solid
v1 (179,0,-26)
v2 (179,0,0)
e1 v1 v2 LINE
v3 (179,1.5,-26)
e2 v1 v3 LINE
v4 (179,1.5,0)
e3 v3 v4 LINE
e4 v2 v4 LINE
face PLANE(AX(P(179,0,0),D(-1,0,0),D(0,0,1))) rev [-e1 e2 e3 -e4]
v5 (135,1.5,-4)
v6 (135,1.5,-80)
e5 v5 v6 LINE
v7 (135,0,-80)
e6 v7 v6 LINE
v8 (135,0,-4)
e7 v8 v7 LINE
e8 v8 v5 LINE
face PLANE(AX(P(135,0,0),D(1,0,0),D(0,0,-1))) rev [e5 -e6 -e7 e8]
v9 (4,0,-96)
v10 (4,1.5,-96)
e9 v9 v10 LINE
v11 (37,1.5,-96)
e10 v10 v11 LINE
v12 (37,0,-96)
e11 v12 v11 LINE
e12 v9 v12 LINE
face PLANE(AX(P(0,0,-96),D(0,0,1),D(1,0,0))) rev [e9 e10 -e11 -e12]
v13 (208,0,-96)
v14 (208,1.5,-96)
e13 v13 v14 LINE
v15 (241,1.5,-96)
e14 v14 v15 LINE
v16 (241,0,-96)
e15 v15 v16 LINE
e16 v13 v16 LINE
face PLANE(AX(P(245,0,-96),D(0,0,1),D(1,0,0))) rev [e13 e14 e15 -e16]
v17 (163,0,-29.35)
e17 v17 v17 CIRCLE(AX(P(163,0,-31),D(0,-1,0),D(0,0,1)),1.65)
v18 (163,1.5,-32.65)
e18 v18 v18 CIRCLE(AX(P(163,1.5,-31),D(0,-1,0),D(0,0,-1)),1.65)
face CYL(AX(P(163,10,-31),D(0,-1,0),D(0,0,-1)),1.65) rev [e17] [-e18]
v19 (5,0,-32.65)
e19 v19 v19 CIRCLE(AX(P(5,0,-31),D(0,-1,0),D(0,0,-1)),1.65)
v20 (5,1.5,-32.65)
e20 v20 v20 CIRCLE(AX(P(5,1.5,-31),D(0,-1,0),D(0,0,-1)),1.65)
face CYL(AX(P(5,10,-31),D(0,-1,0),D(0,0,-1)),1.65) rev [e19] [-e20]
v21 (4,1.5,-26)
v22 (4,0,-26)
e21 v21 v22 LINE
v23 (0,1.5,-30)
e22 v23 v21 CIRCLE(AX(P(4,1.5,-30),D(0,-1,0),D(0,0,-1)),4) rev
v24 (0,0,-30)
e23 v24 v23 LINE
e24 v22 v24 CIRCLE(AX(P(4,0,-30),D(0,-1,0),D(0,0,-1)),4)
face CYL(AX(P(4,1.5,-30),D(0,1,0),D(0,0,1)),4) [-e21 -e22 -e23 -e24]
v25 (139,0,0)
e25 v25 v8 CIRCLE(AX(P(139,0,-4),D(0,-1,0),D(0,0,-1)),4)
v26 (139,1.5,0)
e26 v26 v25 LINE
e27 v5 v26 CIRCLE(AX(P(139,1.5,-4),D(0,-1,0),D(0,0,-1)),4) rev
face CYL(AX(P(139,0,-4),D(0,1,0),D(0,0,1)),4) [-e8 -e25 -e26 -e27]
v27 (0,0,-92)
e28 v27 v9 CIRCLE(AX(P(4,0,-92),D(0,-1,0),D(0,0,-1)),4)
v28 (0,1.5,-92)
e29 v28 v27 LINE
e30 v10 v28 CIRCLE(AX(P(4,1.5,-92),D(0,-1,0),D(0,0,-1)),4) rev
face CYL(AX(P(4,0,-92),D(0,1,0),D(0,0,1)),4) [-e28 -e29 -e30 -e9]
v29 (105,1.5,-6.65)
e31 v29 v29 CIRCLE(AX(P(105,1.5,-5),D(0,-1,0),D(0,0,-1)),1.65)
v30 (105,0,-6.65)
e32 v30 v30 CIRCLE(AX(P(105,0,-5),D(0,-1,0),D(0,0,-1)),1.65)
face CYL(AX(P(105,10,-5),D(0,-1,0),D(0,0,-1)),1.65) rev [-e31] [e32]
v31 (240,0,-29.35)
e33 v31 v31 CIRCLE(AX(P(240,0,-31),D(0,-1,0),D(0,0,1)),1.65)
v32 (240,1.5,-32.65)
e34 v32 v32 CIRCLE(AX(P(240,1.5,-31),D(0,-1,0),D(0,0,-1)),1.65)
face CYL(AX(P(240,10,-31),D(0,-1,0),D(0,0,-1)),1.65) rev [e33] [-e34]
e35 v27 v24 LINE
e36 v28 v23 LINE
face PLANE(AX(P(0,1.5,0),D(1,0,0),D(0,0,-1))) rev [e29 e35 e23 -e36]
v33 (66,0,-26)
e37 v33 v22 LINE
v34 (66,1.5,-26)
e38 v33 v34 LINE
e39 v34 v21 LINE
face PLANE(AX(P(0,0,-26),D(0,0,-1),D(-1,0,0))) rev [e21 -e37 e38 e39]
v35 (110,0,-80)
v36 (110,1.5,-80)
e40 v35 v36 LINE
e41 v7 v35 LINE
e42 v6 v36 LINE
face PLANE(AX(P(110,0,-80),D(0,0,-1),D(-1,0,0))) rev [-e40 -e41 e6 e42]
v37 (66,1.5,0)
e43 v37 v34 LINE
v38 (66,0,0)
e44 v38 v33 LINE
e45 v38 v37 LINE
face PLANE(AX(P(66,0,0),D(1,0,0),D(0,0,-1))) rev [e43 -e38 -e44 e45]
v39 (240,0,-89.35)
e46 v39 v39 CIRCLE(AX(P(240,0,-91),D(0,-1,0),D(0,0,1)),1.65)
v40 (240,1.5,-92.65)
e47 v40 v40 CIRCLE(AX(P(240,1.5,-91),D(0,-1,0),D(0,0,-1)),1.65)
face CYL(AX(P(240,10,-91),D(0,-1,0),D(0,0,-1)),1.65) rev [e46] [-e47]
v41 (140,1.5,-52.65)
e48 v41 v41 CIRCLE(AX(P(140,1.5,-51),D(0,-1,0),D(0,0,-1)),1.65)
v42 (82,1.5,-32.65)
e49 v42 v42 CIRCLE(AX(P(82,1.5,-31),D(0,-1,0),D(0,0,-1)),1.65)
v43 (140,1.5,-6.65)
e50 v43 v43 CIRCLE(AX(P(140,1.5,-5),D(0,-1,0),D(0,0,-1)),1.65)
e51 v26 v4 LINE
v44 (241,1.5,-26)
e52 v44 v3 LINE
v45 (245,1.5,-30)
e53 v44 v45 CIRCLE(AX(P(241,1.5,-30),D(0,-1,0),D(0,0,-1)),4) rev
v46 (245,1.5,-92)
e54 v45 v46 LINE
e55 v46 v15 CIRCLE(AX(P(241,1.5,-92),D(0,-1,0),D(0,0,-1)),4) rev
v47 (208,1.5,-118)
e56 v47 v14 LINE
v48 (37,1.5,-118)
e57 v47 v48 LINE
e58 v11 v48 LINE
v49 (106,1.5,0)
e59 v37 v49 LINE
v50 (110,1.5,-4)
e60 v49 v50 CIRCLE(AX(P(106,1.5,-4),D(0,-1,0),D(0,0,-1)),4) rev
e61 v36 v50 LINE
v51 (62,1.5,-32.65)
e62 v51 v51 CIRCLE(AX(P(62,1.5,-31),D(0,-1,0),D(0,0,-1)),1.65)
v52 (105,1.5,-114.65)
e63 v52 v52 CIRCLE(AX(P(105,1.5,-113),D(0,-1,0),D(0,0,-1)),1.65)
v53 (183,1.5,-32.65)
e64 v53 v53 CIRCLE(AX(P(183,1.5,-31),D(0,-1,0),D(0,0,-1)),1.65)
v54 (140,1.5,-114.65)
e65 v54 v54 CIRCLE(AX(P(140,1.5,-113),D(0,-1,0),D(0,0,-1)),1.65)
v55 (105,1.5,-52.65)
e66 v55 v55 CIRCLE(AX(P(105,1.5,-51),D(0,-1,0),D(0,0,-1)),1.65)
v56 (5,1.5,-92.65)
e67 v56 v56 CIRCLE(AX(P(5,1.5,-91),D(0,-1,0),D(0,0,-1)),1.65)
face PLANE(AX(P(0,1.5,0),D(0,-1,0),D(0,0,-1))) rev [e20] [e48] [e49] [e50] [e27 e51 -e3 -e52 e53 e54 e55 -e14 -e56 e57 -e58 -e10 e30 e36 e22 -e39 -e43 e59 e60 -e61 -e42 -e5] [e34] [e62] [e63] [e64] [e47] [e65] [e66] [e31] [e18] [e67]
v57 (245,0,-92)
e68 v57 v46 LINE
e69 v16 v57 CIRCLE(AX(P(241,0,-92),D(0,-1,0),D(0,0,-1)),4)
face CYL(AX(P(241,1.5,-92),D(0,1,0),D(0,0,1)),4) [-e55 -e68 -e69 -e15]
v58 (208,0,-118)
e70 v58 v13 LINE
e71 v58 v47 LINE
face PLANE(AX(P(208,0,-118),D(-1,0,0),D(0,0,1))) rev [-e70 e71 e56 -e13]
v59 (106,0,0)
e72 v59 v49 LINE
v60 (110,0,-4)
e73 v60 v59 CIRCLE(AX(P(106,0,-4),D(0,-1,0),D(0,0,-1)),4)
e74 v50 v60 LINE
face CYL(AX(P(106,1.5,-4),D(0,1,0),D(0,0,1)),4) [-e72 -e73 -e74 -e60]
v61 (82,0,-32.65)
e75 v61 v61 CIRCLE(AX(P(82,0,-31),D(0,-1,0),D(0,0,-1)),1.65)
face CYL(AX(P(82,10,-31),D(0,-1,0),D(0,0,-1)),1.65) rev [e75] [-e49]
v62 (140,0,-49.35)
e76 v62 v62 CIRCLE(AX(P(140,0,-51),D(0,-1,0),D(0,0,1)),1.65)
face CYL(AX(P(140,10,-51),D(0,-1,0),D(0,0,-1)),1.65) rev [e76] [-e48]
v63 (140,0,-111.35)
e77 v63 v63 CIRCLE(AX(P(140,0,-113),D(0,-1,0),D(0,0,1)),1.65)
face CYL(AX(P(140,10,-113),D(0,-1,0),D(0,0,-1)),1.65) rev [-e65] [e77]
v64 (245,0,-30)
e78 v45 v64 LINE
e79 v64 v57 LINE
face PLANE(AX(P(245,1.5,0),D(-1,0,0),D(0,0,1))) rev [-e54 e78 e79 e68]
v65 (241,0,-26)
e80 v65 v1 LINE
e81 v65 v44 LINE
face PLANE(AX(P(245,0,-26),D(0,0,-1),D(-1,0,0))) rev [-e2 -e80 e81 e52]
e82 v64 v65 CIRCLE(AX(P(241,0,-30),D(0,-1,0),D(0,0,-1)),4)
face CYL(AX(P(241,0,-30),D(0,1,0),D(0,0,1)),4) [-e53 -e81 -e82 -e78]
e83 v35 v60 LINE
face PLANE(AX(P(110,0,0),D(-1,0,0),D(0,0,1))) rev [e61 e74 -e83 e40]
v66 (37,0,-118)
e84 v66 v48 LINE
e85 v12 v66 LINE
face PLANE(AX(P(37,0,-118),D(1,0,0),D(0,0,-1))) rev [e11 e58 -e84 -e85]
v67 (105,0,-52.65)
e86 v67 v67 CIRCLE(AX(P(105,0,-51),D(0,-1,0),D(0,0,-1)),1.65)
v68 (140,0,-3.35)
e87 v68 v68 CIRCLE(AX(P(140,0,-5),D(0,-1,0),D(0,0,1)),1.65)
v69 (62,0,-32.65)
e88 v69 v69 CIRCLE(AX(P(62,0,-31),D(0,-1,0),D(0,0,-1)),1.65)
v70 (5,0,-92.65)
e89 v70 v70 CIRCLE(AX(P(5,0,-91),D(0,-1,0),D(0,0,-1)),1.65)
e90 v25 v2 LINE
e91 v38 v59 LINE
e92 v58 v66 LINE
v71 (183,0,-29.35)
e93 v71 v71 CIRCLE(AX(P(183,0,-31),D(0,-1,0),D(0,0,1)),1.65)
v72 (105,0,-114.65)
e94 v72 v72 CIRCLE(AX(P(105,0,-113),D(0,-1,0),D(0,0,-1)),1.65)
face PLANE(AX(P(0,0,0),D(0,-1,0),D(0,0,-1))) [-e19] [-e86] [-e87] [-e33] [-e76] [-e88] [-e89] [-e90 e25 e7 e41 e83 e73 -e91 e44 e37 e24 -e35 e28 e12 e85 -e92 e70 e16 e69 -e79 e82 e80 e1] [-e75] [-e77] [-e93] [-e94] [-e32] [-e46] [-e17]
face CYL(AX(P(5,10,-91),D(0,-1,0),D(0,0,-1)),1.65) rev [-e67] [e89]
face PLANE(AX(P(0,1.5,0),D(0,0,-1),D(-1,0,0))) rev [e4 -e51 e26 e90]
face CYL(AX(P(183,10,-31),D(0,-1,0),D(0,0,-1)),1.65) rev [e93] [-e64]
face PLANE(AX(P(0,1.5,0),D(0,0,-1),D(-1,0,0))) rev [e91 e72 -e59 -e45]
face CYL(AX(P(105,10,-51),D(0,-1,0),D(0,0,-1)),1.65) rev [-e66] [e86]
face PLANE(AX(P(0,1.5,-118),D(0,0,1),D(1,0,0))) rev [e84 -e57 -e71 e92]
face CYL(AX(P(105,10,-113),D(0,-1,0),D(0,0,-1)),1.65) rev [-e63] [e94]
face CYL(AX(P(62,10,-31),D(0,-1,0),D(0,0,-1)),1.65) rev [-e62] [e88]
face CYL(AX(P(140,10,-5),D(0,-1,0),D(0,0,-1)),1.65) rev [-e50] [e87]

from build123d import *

# Parameters (mm, degrees)
SKETCH1_W           = 245
SKETCH1_H           = 118
BOSS_EXTRUDE1_DEPTH = 1.5
SKETCH2_W           = 37
SKETCH2_H           = 22
SKETCH2_W_2         = 66
SKETCH2_H_2         = 26
SKETCH2_W_3         = 25
SKETCH2_H_3         = 80
CUT_EXTRUDE1_DEPTH  = 2.5
SKETCH3_R           = 1.65
CUT_EXTRUDE2_DEPTH  = 10
FILLET1_R           = 4


with BuildPart() as part:
    # Sketch1 → Boss-Extrude1 (new body)
    with BuildSketch(Plane(origin=(0, 0, 0), x_dir=(1, 0, 0), z_dir=(0, 1, 0))):
        with Locations((122.5, 59)):
            Rectangle(SKETCH1_W, SKETCH1_H)
    extrude(amount=BOSS_EXTRUDE1_DEPTH)

    # Sketch2 → Cut-Extrude1 (cut, through all)
    with BuildSketch(Plane(origin=(0, 1.5, 0), x_dir=(1, 0, 0), z_dir=(0, 1, 0))):
        with Locations((18.5, 107)):
            Rectangle(SKETCH2_W, SKETCH2_H)
        with Locations((33, 13)):
            Rectangle(SKETCH2_W_2, SKETCH2_H_2)
        with Locations((226.5, 107)):
            Rectangle(SKETCH2_W, SKETCH2_H)
        with Locations((212, 13)):
            Rectangle(SKETCH2_W_2, SKETCH2_H_2)
        with Locations((122.5, 40)):
            Rectangle(SKETCH2_W_3, SKETCH2_H_3)
    extrude(amount=-CUT_EXTRUDE1_DEPTH, mode=Mode.SUBTRACT)

    # Sketch3 → Cut-Extrude2 (cut)
    with BuildSketch(Plane.XZ):
        with Locations((5, -31)):
            Circle(SKETCH3_R)
        with Locations((5, -91)):
            Circle(SKETCH3_R)
        with Locations((105, -5)):
            Circle(SKETCH3_R)
        with Locations((105, -51)):
            Circle(SKETCH3_R)
        with Locations((105, -113)):
            Circle(SKETCH3_R)
        with Locations((140, -51)):
            Circle(SKETCH3_R)
        with Locations((140, -5)):
            Circle(SKETCH3_R)
        with Locations((140, -113)):
            Circle(SKETCH3_R)
        with Locations((240, -31)):
            Circle(SKETCH3_R)
        with Locations((240, -91)):
            Circle(SKETCH3_R)
        with Locations((62, -31)):
            Circle(SKETCH3_R)
        with Locations((82, -31)):
            Circle(SKETCH3_R)
        with Locations((163, -31)):
            Circle(SKETCH3_R)
        with Locations((183, -31)):
            Circle(SKETCH3_R)
    extrude(amount=-CUT_EXTRUDE2_DEPTH, mode=Mode.SUBTRACT)

    # Fillet1
    fillet1_edges = [part.edges().sort_by_distance(p)[0] for p in [
        (0, 0.75, -26),
        (245, 0.75, -96),
        (245, 0.75, -26),
        (110, 0.75, 0),
        (135, 0.75, 0),
        (0, 0.75, -96),
    ]]
    fillet(fillet1_edges, radius=FILLET1_R)


solid = part.part
